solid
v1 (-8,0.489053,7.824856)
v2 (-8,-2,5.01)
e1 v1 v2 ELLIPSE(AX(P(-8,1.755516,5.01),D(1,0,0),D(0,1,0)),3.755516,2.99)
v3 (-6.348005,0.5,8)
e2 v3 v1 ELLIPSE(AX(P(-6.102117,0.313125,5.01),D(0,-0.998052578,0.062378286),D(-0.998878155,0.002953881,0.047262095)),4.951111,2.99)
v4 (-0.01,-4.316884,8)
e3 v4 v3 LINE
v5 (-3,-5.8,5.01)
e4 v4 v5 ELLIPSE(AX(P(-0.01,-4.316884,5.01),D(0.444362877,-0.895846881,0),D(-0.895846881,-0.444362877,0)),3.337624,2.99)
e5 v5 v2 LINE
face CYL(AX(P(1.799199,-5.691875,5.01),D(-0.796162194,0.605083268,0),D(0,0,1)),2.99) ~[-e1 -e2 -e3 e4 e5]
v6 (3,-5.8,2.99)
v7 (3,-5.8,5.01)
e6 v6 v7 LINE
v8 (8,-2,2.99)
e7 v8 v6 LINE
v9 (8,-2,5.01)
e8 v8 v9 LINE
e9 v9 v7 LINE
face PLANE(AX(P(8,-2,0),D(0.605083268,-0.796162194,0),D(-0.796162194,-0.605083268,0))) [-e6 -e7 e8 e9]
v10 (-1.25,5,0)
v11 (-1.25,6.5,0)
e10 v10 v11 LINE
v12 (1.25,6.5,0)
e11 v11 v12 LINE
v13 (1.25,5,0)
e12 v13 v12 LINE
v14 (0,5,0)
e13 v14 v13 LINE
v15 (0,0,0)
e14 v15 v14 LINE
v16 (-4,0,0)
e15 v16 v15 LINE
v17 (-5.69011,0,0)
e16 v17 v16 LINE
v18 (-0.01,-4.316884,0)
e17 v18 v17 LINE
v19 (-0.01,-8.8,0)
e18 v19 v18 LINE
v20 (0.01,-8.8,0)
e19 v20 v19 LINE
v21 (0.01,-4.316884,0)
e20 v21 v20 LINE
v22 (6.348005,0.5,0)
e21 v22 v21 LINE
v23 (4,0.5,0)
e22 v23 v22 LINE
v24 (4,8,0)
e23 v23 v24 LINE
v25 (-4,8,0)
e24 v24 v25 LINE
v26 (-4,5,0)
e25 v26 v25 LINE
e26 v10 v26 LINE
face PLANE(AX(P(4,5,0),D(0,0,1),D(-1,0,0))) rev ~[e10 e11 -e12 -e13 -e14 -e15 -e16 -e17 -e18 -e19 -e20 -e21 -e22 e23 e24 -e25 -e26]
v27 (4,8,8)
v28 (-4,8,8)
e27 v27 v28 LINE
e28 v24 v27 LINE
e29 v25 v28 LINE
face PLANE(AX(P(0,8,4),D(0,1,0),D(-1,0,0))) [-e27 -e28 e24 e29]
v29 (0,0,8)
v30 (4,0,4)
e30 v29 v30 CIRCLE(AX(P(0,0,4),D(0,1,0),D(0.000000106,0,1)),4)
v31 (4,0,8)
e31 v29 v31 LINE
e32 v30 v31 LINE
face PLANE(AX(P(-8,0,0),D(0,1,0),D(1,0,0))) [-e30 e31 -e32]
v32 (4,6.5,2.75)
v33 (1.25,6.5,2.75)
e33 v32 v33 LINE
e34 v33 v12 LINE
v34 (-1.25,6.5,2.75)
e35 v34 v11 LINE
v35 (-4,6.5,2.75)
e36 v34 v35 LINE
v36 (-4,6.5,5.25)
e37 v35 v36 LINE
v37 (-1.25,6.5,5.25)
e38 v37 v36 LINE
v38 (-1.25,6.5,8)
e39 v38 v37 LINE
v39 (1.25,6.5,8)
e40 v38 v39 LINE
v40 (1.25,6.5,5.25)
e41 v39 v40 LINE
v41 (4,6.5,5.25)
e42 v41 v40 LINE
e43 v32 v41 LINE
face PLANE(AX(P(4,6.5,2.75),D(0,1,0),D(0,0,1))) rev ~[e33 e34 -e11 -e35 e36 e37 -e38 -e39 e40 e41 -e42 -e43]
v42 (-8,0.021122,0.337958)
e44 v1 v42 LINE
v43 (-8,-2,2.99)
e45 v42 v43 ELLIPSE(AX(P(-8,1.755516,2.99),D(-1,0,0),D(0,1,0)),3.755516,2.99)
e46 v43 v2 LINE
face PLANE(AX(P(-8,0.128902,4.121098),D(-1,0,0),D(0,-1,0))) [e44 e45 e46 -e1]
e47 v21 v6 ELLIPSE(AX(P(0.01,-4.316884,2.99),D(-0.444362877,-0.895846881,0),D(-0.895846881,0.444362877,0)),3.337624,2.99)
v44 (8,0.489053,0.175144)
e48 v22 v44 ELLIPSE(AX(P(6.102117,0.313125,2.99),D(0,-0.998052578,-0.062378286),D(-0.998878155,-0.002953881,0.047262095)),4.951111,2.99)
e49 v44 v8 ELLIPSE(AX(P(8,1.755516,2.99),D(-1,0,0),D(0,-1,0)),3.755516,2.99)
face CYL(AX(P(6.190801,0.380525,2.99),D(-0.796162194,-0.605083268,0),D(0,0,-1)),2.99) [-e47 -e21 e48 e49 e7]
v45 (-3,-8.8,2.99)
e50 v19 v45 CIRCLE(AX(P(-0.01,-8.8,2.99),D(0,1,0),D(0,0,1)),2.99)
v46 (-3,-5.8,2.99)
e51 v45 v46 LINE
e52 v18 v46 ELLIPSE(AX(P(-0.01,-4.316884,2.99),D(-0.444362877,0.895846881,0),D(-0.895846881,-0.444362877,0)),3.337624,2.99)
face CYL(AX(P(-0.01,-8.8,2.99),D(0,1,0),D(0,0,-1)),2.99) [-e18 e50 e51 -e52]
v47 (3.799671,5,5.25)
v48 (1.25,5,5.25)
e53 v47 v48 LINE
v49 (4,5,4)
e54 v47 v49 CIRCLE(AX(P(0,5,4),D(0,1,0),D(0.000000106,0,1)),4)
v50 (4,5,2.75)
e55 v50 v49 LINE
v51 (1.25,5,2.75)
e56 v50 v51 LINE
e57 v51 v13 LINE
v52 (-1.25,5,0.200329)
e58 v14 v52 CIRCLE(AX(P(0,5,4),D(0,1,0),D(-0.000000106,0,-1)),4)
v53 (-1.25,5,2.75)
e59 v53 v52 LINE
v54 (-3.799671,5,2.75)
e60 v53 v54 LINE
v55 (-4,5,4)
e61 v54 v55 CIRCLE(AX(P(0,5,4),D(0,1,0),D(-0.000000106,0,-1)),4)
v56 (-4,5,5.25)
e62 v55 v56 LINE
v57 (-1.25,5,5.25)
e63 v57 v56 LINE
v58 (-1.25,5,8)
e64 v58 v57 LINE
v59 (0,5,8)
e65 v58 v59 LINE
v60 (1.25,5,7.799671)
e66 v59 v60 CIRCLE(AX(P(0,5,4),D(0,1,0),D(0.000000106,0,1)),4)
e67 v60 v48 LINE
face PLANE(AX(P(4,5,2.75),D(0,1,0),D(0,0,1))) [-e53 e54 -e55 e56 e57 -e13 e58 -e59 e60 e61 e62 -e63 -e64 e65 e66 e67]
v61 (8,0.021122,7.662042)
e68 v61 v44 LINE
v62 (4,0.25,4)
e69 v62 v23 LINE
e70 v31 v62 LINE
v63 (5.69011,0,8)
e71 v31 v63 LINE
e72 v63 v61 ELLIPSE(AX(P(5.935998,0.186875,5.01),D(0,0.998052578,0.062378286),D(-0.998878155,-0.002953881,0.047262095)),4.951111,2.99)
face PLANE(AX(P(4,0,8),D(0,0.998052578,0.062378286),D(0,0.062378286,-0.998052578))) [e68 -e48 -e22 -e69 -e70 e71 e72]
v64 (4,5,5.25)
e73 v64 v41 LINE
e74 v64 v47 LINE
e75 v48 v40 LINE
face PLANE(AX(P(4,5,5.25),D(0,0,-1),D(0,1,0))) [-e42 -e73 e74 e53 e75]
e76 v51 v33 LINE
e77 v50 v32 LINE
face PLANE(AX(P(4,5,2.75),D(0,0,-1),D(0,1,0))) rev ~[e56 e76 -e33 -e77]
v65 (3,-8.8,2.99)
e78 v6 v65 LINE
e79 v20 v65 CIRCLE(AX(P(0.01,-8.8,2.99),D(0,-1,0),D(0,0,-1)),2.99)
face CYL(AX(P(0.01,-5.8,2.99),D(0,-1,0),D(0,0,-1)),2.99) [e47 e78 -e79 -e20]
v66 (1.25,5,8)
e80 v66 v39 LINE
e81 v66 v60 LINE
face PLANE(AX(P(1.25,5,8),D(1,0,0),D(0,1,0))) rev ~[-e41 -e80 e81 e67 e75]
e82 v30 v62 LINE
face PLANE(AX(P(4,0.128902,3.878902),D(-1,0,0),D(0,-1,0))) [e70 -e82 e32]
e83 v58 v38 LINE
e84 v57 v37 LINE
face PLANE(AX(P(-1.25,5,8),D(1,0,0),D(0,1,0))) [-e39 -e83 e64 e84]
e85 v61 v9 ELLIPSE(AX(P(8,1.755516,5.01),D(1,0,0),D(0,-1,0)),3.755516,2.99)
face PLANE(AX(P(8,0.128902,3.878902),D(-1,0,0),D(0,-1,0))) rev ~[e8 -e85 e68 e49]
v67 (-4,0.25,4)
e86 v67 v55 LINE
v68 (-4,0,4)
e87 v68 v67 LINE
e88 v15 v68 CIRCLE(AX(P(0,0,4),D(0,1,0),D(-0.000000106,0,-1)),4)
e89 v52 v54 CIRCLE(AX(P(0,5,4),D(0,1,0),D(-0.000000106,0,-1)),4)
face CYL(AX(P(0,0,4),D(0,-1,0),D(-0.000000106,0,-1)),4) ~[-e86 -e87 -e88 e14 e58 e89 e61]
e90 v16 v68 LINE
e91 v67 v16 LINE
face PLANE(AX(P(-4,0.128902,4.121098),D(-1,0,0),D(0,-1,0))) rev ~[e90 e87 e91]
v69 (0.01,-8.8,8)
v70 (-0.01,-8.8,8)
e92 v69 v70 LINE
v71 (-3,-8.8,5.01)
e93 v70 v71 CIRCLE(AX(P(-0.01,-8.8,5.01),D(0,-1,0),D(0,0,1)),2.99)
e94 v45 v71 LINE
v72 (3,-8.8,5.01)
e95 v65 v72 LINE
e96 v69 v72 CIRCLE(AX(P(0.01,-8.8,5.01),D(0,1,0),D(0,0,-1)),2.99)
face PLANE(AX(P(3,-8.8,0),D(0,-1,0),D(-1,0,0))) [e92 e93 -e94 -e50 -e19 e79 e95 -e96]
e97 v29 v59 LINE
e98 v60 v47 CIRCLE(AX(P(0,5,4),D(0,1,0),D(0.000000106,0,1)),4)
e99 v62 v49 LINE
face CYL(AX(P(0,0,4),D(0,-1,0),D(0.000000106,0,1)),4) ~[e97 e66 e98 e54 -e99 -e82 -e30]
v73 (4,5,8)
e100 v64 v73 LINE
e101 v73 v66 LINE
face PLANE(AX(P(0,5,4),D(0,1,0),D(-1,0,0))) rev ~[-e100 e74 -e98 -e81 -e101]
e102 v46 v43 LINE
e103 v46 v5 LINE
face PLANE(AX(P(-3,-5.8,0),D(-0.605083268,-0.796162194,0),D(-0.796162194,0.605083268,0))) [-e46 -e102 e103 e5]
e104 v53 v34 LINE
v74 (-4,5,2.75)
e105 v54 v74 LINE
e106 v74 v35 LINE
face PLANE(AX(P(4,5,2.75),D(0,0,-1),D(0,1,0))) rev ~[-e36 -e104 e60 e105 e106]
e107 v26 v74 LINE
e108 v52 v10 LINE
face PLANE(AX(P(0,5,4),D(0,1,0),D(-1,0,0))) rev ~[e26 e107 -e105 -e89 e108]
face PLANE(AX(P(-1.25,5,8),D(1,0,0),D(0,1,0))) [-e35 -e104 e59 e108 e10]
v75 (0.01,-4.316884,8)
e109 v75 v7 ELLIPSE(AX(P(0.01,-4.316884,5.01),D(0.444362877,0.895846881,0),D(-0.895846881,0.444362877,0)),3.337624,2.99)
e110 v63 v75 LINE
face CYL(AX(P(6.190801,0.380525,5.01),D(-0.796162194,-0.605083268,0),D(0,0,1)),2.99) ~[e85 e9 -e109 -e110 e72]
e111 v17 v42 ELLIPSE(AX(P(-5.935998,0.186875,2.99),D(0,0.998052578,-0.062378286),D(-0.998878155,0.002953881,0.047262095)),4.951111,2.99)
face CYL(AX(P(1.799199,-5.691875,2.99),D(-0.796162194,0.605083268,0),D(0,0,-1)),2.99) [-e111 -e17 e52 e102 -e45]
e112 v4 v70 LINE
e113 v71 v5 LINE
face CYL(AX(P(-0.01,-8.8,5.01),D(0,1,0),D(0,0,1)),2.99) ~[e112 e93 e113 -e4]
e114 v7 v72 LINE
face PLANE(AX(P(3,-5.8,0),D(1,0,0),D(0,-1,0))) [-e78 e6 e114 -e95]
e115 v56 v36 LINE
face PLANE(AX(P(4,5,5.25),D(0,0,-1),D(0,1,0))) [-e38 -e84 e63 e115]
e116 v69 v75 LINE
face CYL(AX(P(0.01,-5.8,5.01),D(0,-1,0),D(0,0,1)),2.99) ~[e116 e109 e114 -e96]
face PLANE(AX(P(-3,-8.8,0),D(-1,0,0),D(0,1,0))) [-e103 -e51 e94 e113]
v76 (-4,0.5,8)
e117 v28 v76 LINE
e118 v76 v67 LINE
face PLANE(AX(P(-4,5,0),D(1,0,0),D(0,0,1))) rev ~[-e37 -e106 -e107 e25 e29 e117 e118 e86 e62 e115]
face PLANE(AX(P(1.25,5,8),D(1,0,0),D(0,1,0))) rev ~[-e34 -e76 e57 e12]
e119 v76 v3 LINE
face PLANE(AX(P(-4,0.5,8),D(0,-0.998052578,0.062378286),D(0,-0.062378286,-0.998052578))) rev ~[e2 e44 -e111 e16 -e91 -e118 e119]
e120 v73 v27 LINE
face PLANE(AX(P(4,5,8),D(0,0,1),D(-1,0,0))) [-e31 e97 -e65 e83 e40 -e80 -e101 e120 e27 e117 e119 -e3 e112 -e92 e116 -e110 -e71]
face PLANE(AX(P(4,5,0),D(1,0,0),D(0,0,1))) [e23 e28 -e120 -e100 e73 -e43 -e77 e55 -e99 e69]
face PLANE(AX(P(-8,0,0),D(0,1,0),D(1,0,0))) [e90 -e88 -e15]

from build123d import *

# Parameters (mm, degrees)
PAD_DEPTH       = 8
PAD001_DEPTH    = 5
PAD002_DEPTH    = 4
PAD003_DEPTH    = 4
SKETCH004_W     = 8
SKETCH004_H     = 8
PAD004_DEPTH    = 3
SKETCH005_W     = 2.5
SKETCH005_H     = 1.5
POCKET_DEPTH    = 8.001
SKETCH006_W     = 1.5
SKETCH006_H     = 2.5
POCKET001_DEPTH = 12.001
FILLET_R        = 2.99
FILLET001_R     = 2.99


with BuildPart() as part:
    # Sketch → Pad (new body)
    with BuildSketch(Plane.XY):
        Polygon((-8, 0), (8, 0), (8, -2), (3, -5.8), (3, -8.8), (-3, -8.8), (-3, -5.8), (-8, -2), align=None)
    extrude(amount=PAD_DEPTH)

    # Sketch001 (on Face2 of Pad) → Pad001 (join)
    with BuildSketch(Plane(origin=(0, 0, 0), x_dir=(-1, 0, 0), z_dir=(0, 1, 0))):
        with BuildLine():
            Line((-4, 4), (-4, 0))
            Line((-4, 0), (0, 0))
            ThreePointArc((0, 0), (2.828427, 1.171573), (4, 4))
            Line((4, 4), (4, 8))
            Line((4, 8), (0, 8))
            ThreePointArc((0, 8), (-2.828427, 6.828427), (-4, 4))
        make_face()
    extrude(amount=PAD001_DEPTH)

    # Sketch002 (on Face13 of Pad001) → Pad002 (join)
    with BuildSketch(Plane.YZ.offset(4)):
        Polygon((0, 0), (0, 8), (0.5, 0), align=None)
    extrude(amount=PAD002_DEPTH)

    # Sketch003 (on Face6 of Pad002) → Pad003 (join)
    with BuildSketch(Plane(origin=(-4, 0, 0), x_dir=(0, -1, 0), z_dir=(-1, 0, 0))):
        Polygon((0, 0), (0, 8), (-0.5, 8), align=None)
    extrude(amount=PAD003_DEPTH)

    # Sketch004 (on Face7 of Pad003) → Pad004 (join)
    with BuildSketch(Plane(origin=(0, 5, 0), x_dir=(-1, 0, 0), z_dir=(0, 1, 0))):
        with Locations((0, 4)):
            Rectangle(SKETCH004_W, SKETCH004_H)
    extrude(amount=PAD004_DEPTH)

    # Sketch005 (on Face20 of Pad004) → Pocket (cut, through all)
    with BuildSketch(Plane.XY.offset(8)):
        with Locations((0, 5.75)):
            Rectangle(SKETCH005_W, SKETCH005_H)
    extrude(amount=-POCKET_DEPTH, mode=Mode.SUBTRACT)

    # Sketch006 (on Face9 of Pocket) → Pocket001 (cut, through all)
    with BuildSketch(Plane.YZ.offset(4)):
        with Locations((5.75, 4)):
            Rectangle(SKETCH006_W, SKETCH006_H)
    extrude(amount=-POCKET001_DEPTH, mode=Mode.SUBTRACT)

    # Fillet
    fillet_edges = [part.edges().sort_by_distance(p)[0] for p in [
        (-3, -7.3, 8),
        (3, -7.3, 8),
        (-3, -7.3, 0),
        (3, -7.3, 0),
    ]]
    fillet(fillet_edges, radius=FILLET_R)

    # Fillet001
    fillet001_edges = [part.edges().sort_by_distance(p)[0] for p in [
        (-5.5, -3.9, 8),
        (5.5, -3.9, 8),
        (-5.5, -3.9, 0),
        (5.5, -3.9, 0),
    ]]
    fillet(fillet001_edges, radius=FILLET001_R)


solid = part.part
